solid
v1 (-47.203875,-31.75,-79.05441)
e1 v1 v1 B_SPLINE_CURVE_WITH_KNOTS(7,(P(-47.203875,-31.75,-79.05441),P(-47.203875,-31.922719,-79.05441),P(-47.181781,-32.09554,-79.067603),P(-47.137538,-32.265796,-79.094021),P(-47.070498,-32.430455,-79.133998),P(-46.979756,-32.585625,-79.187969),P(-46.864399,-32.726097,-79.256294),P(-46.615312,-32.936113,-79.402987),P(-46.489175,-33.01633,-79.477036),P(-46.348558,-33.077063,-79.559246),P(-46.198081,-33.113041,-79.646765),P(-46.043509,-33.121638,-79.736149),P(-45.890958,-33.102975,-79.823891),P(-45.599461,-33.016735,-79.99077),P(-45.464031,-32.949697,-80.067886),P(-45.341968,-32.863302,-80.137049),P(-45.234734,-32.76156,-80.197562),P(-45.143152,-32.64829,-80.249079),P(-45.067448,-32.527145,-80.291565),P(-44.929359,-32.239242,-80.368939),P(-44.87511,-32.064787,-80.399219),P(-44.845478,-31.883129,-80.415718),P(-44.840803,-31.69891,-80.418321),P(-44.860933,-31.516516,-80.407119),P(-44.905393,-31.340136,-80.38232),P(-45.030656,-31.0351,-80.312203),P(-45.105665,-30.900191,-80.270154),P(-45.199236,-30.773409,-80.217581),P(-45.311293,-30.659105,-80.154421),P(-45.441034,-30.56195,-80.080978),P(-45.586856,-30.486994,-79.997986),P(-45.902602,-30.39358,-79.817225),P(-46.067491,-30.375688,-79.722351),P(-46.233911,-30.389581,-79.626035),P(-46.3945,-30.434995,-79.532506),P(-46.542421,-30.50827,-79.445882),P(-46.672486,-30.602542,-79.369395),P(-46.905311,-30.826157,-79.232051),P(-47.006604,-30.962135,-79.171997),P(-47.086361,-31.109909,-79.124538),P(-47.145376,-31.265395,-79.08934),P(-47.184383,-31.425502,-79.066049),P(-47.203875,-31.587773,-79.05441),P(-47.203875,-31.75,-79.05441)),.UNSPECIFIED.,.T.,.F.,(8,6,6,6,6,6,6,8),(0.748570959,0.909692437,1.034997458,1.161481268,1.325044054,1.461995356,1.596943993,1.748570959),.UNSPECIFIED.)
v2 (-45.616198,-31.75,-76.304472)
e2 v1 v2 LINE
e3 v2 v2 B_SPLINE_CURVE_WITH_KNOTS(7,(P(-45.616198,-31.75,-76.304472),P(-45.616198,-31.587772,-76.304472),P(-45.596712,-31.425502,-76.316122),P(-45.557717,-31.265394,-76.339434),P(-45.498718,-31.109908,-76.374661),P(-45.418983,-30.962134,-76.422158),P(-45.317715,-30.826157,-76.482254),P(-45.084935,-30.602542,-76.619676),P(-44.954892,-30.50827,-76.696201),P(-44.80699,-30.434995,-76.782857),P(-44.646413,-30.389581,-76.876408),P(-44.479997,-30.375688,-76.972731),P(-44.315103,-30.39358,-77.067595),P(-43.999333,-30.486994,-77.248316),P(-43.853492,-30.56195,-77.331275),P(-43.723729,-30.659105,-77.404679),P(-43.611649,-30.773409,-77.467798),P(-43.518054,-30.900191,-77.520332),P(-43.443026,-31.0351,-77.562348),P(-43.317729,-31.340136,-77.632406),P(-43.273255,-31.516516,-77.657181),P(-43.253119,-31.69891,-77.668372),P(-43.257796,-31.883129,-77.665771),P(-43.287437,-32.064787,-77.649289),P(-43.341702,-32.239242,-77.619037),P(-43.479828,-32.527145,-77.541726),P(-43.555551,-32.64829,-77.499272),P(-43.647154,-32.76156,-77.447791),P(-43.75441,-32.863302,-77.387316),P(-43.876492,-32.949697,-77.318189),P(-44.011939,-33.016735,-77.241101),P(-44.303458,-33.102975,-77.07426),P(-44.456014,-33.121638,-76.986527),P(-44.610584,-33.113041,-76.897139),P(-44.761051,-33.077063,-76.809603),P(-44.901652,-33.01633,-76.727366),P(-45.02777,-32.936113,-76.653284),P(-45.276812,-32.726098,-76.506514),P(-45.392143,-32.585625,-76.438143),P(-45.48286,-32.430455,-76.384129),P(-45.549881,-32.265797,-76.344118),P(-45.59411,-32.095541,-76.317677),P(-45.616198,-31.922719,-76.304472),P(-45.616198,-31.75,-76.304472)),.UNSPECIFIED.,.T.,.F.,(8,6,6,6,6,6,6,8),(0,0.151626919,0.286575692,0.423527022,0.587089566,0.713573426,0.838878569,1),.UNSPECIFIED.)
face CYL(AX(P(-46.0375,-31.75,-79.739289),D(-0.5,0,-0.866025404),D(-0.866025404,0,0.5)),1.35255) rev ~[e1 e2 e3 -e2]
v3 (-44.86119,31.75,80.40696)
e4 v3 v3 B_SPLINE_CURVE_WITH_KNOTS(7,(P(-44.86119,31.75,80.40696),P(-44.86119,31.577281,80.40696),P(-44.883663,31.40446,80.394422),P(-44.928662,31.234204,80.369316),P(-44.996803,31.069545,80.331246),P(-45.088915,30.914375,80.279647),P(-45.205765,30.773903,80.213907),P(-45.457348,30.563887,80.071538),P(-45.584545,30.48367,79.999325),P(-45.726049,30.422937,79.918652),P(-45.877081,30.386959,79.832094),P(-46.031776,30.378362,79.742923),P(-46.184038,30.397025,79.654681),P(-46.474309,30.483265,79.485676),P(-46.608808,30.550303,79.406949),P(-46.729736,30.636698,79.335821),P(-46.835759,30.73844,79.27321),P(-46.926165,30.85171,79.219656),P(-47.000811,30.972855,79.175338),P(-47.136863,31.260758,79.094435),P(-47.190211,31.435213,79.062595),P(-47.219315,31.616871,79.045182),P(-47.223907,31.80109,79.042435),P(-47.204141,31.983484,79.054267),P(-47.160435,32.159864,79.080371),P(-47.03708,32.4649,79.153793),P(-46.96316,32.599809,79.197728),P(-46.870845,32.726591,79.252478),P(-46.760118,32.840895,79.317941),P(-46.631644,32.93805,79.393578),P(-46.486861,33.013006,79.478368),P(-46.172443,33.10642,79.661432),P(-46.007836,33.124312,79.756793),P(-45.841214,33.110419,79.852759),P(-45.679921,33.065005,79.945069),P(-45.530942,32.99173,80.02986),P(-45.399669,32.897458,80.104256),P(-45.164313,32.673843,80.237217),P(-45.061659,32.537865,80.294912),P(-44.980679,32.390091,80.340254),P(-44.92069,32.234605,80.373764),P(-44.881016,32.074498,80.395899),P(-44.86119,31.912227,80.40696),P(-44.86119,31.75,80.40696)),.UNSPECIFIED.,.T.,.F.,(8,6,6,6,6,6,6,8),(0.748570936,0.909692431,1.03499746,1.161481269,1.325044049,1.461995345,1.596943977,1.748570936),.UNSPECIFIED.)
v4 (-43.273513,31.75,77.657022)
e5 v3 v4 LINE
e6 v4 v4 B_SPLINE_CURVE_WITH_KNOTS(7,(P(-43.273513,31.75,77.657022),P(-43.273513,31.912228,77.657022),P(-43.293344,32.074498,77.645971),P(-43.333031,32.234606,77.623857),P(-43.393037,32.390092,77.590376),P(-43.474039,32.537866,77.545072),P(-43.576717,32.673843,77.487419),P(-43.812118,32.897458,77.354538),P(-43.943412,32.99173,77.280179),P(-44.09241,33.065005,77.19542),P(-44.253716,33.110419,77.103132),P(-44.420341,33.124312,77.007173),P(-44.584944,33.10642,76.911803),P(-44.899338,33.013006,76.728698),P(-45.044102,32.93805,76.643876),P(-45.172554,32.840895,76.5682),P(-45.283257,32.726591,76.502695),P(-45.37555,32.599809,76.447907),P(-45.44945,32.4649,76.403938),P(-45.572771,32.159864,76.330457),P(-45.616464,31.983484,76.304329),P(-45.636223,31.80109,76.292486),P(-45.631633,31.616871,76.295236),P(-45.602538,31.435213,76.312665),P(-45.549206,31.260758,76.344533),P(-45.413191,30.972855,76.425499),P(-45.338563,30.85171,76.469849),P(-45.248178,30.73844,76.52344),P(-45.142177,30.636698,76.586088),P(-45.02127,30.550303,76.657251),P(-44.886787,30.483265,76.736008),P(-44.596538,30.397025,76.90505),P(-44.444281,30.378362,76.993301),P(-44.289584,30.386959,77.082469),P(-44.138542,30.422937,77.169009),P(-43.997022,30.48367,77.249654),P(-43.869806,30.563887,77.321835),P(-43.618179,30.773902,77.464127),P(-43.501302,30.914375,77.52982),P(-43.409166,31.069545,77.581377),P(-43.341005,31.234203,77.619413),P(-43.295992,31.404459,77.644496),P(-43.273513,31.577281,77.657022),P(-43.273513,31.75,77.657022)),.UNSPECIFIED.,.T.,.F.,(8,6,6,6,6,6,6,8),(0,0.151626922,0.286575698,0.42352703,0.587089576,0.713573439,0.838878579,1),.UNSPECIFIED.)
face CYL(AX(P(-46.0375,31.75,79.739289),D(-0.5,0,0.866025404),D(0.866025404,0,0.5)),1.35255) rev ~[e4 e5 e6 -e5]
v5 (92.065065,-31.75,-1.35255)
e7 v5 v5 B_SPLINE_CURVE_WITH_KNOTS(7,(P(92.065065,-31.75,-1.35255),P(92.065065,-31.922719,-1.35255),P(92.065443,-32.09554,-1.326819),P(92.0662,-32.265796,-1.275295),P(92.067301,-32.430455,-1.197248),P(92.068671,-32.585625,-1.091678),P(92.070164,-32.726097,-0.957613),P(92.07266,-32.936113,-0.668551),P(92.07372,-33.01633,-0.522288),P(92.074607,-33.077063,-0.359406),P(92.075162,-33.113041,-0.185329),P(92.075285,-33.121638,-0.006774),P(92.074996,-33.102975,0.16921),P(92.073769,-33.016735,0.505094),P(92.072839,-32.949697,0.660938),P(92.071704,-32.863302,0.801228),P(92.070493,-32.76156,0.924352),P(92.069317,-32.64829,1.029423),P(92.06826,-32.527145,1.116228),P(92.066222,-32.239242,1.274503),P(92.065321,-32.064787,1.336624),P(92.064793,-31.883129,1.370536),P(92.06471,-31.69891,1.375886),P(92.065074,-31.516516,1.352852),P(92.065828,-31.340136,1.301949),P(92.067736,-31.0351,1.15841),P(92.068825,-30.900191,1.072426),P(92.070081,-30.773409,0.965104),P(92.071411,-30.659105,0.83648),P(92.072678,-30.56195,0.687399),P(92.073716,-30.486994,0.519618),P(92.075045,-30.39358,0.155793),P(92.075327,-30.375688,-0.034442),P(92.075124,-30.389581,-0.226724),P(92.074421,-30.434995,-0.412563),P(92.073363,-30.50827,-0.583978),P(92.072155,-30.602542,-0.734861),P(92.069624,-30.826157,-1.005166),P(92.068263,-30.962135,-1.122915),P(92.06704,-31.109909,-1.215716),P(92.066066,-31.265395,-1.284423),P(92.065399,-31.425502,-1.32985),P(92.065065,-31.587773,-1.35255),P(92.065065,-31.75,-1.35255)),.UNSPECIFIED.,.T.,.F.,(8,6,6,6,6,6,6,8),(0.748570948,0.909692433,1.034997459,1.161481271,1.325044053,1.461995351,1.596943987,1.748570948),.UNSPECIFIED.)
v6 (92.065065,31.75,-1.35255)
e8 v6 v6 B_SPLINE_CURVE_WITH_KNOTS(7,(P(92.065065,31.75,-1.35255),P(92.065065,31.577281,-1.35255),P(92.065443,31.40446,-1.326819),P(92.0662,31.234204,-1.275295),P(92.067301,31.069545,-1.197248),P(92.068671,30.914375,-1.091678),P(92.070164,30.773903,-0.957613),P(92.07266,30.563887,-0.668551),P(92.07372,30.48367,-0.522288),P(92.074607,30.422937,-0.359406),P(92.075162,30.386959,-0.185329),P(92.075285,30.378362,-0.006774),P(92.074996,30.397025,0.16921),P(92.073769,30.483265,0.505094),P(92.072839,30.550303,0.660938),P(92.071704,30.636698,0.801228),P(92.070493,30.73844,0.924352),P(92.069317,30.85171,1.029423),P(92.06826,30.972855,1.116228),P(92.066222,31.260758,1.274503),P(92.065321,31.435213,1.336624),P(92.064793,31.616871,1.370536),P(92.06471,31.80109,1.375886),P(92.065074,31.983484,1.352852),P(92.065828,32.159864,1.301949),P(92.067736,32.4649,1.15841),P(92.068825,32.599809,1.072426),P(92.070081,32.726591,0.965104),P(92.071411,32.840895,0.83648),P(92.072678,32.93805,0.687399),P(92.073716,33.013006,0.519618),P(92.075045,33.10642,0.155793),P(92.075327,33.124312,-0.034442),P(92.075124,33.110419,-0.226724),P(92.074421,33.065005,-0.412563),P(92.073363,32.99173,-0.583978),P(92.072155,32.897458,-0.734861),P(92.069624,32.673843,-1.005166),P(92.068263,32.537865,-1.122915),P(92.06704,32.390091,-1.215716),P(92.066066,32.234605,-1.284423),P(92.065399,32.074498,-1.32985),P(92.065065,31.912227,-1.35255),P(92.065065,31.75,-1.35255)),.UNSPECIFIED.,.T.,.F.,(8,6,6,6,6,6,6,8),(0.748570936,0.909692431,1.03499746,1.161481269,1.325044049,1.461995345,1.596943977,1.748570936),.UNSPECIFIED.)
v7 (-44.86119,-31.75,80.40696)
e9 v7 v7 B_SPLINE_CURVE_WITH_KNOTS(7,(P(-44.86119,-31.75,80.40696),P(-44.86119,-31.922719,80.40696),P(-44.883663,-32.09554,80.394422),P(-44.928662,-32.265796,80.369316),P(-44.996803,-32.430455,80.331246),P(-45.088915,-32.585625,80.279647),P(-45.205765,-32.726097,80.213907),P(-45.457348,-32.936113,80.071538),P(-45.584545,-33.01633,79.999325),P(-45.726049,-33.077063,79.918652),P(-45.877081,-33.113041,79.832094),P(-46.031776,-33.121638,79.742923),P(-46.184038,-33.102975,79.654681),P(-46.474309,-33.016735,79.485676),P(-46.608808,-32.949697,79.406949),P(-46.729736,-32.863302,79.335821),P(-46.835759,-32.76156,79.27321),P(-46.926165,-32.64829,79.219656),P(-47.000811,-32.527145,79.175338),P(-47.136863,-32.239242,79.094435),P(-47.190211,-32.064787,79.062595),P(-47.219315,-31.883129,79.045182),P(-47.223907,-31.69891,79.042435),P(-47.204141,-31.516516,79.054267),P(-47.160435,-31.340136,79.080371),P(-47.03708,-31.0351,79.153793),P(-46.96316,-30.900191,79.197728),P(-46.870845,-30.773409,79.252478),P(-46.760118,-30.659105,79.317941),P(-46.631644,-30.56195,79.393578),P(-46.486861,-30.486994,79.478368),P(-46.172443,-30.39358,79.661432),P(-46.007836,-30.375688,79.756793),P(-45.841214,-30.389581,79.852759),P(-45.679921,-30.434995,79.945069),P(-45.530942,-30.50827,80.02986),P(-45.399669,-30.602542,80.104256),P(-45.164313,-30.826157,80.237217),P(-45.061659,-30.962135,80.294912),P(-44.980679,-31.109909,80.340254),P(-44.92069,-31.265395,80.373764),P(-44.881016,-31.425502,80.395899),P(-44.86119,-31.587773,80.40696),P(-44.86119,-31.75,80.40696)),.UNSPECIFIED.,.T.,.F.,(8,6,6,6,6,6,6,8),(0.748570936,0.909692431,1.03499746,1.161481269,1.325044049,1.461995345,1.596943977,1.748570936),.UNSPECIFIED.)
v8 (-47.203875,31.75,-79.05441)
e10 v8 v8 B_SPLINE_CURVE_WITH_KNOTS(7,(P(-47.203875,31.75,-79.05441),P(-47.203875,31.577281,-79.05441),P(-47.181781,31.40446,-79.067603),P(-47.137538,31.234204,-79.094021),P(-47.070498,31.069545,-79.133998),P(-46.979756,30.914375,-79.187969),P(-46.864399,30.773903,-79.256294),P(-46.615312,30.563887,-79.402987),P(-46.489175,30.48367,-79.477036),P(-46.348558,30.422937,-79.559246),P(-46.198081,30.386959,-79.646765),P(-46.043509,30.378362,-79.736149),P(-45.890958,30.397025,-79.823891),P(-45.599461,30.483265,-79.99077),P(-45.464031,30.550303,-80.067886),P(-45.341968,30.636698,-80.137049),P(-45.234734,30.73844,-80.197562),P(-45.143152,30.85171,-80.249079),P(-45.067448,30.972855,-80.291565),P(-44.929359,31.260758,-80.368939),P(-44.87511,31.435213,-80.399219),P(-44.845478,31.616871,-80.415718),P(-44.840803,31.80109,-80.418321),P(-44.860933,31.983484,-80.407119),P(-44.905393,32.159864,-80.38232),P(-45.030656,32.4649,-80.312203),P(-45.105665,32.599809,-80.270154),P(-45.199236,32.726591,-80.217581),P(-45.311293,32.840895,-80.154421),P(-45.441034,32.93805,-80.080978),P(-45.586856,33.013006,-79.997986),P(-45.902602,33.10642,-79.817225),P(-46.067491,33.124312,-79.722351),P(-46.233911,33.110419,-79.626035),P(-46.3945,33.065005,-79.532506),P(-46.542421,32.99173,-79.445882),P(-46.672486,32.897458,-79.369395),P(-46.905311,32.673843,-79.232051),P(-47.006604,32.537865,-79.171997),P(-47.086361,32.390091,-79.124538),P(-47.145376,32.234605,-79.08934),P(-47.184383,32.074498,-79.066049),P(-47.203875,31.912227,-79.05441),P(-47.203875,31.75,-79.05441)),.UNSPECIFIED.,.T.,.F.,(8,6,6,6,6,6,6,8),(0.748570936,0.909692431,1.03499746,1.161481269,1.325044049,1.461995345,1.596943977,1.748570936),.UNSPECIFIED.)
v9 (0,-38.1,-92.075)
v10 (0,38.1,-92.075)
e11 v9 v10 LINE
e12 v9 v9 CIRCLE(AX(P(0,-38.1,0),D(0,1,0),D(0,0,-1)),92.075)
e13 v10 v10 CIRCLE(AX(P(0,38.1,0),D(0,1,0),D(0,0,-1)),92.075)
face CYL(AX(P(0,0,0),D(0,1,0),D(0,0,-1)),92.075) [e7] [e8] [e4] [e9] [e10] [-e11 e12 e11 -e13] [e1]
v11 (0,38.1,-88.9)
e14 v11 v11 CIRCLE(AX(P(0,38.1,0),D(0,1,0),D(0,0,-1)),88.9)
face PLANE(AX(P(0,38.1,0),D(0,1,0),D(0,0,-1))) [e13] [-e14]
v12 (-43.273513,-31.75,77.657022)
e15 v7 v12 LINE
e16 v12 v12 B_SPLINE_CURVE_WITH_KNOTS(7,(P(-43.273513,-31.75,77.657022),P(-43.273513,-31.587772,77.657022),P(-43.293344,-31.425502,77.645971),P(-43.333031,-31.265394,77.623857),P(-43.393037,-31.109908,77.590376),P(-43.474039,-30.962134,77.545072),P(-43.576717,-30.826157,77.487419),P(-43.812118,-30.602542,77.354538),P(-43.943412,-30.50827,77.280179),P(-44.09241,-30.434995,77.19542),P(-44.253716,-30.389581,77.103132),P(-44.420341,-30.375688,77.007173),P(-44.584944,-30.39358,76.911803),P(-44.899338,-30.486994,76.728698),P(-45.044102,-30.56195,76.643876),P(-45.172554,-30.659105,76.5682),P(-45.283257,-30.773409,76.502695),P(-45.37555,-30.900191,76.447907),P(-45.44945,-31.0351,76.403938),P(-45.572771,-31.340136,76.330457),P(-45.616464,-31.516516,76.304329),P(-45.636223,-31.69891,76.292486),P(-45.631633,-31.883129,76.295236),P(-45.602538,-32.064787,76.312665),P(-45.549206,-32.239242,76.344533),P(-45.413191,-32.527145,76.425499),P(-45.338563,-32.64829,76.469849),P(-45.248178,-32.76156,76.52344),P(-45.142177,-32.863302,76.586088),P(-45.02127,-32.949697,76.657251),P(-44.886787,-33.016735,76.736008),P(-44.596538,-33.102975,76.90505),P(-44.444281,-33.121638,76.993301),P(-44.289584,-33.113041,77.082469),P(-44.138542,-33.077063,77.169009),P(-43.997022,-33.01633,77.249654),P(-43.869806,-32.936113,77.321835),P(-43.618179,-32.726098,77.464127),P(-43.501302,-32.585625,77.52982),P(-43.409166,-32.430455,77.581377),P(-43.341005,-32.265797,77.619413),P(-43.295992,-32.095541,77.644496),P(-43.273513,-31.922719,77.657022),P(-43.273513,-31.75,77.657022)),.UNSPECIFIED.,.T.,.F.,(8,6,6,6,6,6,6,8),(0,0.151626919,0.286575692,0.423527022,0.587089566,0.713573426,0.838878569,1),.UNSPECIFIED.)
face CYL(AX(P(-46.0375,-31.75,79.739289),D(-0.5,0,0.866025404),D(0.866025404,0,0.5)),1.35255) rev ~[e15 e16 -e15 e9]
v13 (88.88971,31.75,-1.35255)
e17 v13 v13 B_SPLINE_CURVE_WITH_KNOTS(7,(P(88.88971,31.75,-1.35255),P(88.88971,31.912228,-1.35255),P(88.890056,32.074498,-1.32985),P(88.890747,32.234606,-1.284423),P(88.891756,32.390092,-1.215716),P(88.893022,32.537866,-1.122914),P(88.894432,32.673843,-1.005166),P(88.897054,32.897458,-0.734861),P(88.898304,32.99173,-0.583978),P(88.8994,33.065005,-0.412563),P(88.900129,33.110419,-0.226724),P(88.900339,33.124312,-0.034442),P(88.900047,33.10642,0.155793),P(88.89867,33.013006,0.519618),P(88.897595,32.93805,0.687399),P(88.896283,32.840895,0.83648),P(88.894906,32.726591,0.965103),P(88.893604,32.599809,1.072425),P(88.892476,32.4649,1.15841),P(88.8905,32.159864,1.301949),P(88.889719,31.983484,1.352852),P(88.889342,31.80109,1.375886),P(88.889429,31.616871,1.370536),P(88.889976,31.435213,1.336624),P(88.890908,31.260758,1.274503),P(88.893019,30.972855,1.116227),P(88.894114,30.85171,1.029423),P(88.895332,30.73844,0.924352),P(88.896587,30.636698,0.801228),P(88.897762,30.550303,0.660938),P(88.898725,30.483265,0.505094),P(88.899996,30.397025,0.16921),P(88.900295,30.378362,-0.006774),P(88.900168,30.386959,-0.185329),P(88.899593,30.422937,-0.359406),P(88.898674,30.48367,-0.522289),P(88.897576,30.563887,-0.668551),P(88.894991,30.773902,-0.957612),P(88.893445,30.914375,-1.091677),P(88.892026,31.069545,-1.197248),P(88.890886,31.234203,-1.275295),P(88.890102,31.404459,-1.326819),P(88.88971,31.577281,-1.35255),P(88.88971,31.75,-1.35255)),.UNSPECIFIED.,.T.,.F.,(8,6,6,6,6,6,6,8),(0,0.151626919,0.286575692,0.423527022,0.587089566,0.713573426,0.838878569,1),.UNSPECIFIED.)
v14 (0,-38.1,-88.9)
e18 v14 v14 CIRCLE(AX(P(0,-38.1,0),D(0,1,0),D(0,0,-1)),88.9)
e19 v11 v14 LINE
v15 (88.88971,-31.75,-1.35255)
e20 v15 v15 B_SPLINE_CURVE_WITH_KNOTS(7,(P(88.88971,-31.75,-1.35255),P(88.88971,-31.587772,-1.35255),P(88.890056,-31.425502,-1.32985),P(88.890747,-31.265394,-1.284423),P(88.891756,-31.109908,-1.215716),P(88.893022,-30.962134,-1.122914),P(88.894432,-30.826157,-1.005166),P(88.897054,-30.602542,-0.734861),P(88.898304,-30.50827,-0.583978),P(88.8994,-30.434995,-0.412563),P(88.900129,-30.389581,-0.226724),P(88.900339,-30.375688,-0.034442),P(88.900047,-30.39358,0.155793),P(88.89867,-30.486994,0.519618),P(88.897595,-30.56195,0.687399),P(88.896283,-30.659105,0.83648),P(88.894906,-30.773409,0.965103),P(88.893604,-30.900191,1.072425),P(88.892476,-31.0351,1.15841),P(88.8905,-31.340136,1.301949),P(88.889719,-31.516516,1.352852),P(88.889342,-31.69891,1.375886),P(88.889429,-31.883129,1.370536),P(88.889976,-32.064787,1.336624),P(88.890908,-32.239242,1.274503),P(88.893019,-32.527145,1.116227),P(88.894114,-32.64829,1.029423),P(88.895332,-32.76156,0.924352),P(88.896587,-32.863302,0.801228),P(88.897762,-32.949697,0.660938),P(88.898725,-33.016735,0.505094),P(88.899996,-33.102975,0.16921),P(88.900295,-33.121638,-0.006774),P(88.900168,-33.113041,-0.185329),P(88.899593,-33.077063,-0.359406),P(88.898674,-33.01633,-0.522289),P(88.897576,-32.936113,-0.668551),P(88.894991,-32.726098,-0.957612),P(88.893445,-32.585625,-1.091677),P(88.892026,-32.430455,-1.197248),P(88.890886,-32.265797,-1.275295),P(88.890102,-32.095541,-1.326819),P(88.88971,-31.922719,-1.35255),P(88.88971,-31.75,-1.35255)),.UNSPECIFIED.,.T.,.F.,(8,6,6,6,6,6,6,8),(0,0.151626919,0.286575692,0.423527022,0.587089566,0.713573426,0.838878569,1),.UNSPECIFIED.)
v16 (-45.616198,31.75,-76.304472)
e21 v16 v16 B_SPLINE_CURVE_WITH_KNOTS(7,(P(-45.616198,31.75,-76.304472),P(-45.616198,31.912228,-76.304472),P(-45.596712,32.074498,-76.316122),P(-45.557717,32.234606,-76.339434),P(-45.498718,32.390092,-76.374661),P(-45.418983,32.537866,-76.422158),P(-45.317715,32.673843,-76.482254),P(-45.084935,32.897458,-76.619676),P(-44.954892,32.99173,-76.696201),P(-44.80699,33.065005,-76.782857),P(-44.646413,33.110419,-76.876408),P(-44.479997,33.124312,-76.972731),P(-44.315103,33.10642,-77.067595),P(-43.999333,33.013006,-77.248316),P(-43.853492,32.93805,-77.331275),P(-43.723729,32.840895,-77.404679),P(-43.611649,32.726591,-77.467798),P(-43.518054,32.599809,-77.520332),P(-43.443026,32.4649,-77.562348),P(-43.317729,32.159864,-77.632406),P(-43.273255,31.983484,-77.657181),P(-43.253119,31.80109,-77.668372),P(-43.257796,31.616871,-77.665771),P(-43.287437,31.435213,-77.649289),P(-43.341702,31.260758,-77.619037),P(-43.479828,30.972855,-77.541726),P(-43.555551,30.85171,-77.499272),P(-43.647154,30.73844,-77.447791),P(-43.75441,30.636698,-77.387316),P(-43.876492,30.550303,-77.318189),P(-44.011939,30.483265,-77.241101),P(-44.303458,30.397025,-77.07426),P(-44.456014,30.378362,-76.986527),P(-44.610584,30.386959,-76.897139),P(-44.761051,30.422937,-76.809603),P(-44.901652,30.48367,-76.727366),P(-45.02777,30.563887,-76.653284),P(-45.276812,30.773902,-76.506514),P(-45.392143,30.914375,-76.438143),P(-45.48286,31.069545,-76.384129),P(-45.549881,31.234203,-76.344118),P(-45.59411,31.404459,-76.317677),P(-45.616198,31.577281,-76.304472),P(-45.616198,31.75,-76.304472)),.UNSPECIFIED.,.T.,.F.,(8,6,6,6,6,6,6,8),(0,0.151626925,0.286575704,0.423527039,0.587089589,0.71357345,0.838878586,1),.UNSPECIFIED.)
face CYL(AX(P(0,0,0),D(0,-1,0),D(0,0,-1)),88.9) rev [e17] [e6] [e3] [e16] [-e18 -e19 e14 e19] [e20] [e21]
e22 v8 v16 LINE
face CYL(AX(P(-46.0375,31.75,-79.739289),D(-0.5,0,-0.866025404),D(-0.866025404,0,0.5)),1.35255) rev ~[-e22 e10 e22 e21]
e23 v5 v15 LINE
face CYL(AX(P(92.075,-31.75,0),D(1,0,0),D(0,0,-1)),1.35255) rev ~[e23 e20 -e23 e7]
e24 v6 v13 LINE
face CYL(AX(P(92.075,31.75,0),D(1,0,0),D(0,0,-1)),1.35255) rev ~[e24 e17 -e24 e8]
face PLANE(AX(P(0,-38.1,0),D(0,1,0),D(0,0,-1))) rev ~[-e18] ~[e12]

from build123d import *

# Parameters (mm, degrees)
SKETCH1_R           = 92.075
SKETCH1_R_2         = 88.9
BOSS_EXTRUDE1_DEPTH = 38.1
SKETCH3_R           = 1.35255
CUT_EXTRUDE1_DEPTH  = 34.798
CIRPATTERN1_COUNT   = 3


with BuildPart() as part:
    # Sketch1 → Boss-Extrude1 (new, symmetric)
    with BuildSketch(Plane(origin=(0, 0, 0), x_dir=(1, 0, 0), z_dir=(0, 1, 0))):
        with Locations(Location((0, 0, 0), (0, 0, 90))):
            Circle(SKETCH1_R)
        with Locations(Location((0, 0, 0), (0, 0, 90))):
            Circle(SKETCH1_R_2, mode=Mode.SUBTRACT)
    extrude(amount=BOSS_EXTRUDE1_DEPTH, both=True)

    # Sketch3 → Cut-Extrude1 (cut)
    with BuildSketch(Plane(origin=(92.075, 0, 0), x_dir=(0, 0, -1), z_dir=(1, 0, 0))):
        with Locations((0, -31.75)):
            Circle(SKETCH3_R)
        with Locations((0, 31.75)):
            Circle(SKETCH3_R)
    cut_extrude1 = extrude(amount=-CUT_EXTRUDE1_DEPTH, mode=Mode.SUBTRACT)

    # CirPattern1: Cut-Extrude1 ×3 about axis
    cirpattern1_axis = Axis((0, 38.1, 0), (0, -1, 0))
    for i in range(1, CIRPATTERN1_COUNT):
        add(cut_extrude1.rotate(cirpattern1_axis, i * 360 / CIRPATTERN1_COUNT), mode=Mode.SUBTRACT)


solid = part.part
